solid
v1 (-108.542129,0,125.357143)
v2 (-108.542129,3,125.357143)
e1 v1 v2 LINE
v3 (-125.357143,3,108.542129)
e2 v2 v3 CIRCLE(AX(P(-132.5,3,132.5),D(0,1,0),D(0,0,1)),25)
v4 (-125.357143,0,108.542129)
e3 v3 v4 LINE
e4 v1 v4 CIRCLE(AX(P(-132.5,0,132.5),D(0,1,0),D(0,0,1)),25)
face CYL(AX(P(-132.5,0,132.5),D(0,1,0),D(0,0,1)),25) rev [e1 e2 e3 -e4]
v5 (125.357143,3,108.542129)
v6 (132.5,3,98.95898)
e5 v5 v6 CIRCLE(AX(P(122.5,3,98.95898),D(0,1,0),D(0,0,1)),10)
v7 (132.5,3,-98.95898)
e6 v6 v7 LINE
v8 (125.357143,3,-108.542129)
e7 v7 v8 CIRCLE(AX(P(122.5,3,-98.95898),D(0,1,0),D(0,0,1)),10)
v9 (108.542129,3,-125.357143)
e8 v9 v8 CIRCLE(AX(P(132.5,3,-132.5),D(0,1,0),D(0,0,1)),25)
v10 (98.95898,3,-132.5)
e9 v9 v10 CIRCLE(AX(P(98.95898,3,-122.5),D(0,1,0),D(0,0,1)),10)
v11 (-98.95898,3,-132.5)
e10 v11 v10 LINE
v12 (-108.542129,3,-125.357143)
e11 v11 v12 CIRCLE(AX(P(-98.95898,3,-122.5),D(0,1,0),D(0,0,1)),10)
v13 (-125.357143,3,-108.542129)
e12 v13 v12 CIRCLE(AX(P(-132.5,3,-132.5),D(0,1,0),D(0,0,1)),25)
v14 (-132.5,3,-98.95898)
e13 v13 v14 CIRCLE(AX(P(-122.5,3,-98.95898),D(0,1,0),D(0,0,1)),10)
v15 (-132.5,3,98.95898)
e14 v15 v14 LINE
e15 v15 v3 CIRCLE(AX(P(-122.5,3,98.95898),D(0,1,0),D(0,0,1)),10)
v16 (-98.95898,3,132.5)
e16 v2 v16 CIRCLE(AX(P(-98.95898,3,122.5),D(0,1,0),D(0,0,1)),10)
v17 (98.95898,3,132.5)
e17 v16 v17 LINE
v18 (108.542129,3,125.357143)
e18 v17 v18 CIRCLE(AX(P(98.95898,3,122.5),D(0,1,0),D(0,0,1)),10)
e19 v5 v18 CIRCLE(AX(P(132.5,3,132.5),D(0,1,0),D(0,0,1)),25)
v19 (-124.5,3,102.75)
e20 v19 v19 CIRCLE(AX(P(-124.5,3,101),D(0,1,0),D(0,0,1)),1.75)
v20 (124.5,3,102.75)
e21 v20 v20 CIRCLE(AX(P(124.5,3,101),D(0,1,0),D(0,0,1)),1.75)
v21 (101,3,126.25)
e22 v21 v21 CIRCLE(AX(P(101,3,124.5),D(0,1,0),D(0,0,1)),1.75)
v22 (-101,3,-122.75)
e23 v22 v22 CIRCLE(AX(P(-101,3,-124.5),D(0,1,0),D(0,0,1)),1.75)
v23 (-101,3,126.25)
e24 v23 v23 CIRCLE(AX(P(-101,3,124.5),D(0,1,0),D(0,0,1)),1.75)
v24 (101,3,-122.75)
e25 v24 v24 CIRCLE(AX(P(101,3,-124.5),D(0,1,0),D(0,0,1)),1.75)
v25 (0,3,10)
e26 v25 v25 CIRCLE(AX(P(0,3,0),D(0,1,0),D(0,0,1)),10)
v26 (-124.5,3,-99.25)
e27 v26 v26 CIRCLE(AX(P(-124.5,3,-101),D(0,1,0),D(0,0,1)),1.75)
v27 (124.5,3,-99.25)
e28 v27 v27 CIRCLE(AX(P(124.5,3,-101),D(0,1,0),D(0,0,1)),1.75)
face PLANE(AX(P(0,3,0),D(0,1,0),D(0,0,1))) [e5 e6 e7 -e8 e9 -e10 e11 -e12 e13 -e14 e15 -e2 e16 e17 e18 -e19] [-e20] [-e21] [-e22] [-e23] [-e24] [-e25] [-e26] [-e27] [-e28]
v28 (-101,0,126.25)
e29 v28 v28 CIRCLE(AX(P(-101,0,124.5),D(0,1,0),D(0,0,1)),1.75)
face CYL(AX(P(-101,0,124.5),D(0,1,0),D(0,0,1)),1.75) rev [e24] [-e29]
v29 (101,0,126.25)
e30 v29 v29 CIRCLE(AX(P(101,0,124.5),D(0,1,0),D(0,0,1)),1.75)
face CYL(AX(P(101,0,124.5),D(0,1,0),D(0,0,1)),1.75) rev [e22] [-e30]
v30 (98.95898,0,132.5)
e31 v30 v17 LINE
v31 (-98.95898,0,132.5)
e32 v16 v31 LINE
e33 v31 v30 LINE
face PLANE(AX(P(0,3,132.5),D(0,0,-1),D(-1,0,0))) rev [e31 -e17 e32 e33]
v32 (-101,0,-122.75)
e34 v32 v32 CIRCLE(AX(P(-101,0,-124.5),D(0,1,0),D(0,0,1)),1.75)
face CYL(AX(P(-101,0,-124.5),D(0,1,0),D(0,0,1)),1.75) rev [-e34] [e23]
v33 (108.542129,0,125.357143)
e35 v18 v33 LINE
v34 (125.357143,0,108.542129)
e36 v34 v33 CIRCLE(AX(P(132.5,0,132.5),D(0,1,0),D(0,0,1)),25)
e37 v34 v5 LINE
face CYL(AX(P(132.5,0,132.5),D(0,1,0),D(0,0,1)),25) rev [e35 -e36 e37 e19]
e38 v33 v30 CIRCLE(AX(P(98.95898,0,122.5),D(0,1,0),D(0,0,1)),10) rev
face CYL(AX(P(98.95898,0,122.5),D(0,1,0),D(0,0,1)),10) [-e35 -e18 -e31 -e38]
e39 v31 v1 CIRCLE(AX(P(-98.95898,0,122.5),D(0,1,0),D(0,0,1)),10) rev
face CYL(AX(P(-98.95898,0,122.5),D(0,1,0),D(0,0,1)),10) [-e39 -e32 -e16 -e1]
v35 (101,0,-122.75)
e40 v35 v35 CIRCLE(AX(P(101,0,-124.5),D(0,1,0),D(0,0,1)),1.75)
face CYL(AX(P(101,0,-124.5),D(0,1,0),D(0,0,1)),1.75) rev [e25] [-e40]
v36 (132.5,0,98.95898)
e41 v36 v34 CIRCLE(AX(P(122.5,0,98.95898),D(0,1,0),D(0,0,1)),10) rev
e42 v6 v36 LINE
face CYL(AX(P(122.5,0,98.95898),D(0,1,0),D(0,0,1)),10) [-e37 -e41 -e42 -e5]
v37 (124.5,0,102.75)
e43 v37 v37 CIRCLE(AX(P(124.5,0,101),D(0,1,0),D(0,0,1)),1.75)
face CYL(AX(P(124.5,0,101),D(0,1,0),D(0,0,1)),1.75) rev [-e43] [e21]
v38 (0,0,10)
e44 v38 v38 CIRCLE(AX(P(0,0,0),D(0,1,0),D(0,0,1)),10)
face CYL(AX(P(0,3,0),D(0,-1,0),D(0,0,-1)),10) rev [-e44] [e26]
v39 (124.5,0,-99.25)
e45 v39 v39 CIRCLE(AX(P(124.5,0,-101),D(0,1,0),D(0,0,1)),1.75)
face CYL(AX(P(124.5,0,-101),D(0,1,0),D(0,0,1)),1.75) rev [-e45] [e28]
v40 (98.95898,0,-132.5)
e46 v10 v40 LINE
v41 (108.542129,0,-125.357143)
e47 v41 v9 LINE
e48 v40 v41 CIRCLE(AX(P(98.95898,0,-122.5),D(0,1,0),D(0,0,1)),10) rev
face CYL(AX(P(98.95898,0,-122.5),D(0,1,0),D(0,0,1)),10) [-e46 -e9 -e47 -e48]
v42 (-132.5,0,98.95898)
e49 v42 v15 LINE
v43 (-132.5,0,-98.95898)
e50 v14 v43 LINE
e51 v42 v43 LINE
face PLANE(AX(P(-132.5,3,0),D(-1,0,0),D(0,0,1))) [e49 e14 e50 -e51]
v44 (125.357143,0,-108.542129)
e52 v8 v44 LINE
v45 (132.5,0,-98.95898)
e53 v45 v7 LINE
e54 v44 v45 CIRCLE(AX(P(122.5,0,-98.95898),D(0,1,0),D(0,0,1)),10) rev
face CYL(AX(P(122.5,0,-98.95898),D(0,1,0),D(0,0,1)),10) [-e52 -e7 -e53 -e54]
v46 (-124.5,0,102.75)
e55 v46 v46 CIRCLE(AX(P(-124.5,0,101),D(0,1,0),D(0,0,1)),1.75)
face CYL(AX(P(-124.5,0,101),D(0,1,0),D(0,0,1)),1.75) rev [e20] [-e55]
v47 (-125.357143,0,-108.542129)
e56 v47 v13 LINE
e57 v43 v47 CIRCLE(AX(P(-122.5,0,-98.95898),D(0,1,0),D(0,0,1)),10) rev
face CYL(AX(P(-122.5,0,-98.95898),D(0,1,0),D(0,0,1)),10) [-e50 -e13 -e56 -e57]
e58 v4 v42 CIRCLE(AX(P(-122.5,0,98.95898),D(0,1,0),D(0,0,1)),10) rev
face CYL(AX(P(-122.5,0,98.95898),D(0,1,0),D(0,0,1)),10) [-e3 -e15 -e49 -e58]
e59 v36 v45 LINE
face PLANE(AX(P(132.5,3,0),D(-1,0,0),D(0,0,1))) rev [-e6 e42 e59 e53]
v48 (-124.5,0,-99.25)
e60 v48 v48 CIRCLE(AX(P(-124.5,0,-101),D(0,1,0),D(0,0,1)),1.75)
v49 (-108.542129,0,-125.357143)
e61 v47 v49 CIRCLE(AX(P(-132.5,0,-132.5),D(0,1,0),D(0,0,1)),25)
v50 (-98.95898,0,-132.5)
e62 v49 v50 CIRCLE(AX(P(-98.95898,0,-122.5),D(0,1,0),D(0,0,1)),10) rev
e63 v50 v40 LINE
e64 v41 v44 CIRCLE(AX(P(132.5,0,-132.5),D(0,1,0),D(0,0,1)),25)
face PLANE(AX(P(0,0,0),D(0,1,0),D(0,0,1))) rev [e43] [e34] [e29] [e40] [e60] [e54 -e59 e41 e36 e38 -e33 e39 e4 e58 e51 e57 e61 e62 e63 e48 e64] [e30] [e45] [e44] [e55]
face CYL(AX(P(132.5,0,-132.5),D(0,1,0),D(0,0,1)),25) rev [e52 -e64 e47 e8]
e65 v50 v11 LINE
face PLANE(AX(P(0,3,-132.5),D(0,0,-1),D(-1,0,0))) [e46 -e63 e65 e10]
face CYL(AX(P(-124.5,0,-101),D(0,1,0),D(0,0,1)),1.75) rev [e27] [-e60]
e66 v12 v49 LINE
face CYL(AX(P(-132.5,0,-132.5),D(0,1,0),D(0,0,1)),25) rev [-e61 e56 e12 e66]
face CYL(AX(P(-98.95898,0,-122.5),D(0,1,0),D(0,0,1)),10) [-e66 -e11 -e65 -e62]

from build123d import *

# Parameters (mm, degrees)
SKETCH_2_W               = 265
SKETCH_2_H               = 265
SKETCH_2_R               = 10
EXTRUDE_585_DEPTH        = 3
CUT_EXTRUDE_2_DEPTH      = 188.407310423
CUT_EXTRUDE_2_DEPTH_BACK = 188.407310423
SKETCH_3_R               = 25
SKETCH_3_R_2             = 1.75
FILLET_2_R               = 10


with BuildPart() as part:
    # 草图2 → Extrude 585 (new body)
    with BuildSketch(Plane(origin=(0, 0, 0), x_dir=(1, 0, 0), z_dir=(0, 1, 0))):
        Rectangle(SKETCH_2_W, SKETCH_2_H)
        with Locations(Location((0, 0, 0), (0, 0, 270))):
            Circle(SKETCH_2_R, mode=Mode.SUBTRACT)
    extrude(amount=EXTRUDE_585_DEPTH)

    # 草图3 → 切除-拉伸2 (cut, two sides: drawn at the far end of the back side and taken through both)
    with BuildSketch(Plane(origin=(0, 3, 0), x_dir=(1, 0, 0), z_dir=(0, 1, 0)).offset(-CUT_EXTRUDE_2_DEPTH_BACK)):
        with Locations((-132.5, -132.5)):
            Circle(SKETCH_3_R)
        with Locations((-132.5, 132.5)):
            Circle(SKETCH_3_R)
        with Locations(Location((-124.5, 101, 0), (0, 0, 270))):
            Circle(SKETCH_3_R_2)
        with Locations(Location((-101, 124.5, 0), (0, 0, 270))):
            Circle(SKETCH_3_R_2)
        with Locations(Location((-124.5, -101, 0), (0, 0, 270))):
            Circle(SKETCH_3_R_2)
        with Locations(Location((-101, -124.5, 0), (0, 0, 270))):
            Circle(SKETCH_3_R_2)
        with Locations((132.5, 132.5)):
            Circle(SKETCH_3_R)
        with Locations(Location((101, 124.5, 0), (0, 0, 270))):
            Circle(SKETCH_3_R_2)
        with Locations(Location((124.5, 101, 0), (0, 0, 270))):
            Circle(SKETCH_3_R_2)
        with Locations((132.5, -132.5)):
            Circle(SKETCH_3_R)
        with Locations(Location((124.5, -101, 0), (0, 0, 270))):
            Circle(SKETCH_3_R_2)
        with Locations(Location((101, -124.5, 0), (0, 0, 270))):
            Circle(SKETCH_3_R_2)
    extrude(amount=CUT_EXTRUDE_2_DEPTH + CUT_EXTRUDE_2_DEPTH_BACK, mode=Mode.SUBTRACT)

    # 圆角2
    fillet_2_edges = [part.edges().sort_by_distance(p)[0] for p in [
        (132.5, 1.5, -107.5),
        (107.5, 1.5, -132.5),
        (-107.5, 1.5, -132.5),
        (-132.5, 1.5, -107.5),
        (107.5, 1.5, 132.5),
        (132.5, 1.5, 107.5),
        (-107.5, 1.5, 132.5),
        (-132.5, 1.5, 107.5),
    ]]
    fillet(fillet_2_edges, radius=FILLET_2_R)


solid = part.part
